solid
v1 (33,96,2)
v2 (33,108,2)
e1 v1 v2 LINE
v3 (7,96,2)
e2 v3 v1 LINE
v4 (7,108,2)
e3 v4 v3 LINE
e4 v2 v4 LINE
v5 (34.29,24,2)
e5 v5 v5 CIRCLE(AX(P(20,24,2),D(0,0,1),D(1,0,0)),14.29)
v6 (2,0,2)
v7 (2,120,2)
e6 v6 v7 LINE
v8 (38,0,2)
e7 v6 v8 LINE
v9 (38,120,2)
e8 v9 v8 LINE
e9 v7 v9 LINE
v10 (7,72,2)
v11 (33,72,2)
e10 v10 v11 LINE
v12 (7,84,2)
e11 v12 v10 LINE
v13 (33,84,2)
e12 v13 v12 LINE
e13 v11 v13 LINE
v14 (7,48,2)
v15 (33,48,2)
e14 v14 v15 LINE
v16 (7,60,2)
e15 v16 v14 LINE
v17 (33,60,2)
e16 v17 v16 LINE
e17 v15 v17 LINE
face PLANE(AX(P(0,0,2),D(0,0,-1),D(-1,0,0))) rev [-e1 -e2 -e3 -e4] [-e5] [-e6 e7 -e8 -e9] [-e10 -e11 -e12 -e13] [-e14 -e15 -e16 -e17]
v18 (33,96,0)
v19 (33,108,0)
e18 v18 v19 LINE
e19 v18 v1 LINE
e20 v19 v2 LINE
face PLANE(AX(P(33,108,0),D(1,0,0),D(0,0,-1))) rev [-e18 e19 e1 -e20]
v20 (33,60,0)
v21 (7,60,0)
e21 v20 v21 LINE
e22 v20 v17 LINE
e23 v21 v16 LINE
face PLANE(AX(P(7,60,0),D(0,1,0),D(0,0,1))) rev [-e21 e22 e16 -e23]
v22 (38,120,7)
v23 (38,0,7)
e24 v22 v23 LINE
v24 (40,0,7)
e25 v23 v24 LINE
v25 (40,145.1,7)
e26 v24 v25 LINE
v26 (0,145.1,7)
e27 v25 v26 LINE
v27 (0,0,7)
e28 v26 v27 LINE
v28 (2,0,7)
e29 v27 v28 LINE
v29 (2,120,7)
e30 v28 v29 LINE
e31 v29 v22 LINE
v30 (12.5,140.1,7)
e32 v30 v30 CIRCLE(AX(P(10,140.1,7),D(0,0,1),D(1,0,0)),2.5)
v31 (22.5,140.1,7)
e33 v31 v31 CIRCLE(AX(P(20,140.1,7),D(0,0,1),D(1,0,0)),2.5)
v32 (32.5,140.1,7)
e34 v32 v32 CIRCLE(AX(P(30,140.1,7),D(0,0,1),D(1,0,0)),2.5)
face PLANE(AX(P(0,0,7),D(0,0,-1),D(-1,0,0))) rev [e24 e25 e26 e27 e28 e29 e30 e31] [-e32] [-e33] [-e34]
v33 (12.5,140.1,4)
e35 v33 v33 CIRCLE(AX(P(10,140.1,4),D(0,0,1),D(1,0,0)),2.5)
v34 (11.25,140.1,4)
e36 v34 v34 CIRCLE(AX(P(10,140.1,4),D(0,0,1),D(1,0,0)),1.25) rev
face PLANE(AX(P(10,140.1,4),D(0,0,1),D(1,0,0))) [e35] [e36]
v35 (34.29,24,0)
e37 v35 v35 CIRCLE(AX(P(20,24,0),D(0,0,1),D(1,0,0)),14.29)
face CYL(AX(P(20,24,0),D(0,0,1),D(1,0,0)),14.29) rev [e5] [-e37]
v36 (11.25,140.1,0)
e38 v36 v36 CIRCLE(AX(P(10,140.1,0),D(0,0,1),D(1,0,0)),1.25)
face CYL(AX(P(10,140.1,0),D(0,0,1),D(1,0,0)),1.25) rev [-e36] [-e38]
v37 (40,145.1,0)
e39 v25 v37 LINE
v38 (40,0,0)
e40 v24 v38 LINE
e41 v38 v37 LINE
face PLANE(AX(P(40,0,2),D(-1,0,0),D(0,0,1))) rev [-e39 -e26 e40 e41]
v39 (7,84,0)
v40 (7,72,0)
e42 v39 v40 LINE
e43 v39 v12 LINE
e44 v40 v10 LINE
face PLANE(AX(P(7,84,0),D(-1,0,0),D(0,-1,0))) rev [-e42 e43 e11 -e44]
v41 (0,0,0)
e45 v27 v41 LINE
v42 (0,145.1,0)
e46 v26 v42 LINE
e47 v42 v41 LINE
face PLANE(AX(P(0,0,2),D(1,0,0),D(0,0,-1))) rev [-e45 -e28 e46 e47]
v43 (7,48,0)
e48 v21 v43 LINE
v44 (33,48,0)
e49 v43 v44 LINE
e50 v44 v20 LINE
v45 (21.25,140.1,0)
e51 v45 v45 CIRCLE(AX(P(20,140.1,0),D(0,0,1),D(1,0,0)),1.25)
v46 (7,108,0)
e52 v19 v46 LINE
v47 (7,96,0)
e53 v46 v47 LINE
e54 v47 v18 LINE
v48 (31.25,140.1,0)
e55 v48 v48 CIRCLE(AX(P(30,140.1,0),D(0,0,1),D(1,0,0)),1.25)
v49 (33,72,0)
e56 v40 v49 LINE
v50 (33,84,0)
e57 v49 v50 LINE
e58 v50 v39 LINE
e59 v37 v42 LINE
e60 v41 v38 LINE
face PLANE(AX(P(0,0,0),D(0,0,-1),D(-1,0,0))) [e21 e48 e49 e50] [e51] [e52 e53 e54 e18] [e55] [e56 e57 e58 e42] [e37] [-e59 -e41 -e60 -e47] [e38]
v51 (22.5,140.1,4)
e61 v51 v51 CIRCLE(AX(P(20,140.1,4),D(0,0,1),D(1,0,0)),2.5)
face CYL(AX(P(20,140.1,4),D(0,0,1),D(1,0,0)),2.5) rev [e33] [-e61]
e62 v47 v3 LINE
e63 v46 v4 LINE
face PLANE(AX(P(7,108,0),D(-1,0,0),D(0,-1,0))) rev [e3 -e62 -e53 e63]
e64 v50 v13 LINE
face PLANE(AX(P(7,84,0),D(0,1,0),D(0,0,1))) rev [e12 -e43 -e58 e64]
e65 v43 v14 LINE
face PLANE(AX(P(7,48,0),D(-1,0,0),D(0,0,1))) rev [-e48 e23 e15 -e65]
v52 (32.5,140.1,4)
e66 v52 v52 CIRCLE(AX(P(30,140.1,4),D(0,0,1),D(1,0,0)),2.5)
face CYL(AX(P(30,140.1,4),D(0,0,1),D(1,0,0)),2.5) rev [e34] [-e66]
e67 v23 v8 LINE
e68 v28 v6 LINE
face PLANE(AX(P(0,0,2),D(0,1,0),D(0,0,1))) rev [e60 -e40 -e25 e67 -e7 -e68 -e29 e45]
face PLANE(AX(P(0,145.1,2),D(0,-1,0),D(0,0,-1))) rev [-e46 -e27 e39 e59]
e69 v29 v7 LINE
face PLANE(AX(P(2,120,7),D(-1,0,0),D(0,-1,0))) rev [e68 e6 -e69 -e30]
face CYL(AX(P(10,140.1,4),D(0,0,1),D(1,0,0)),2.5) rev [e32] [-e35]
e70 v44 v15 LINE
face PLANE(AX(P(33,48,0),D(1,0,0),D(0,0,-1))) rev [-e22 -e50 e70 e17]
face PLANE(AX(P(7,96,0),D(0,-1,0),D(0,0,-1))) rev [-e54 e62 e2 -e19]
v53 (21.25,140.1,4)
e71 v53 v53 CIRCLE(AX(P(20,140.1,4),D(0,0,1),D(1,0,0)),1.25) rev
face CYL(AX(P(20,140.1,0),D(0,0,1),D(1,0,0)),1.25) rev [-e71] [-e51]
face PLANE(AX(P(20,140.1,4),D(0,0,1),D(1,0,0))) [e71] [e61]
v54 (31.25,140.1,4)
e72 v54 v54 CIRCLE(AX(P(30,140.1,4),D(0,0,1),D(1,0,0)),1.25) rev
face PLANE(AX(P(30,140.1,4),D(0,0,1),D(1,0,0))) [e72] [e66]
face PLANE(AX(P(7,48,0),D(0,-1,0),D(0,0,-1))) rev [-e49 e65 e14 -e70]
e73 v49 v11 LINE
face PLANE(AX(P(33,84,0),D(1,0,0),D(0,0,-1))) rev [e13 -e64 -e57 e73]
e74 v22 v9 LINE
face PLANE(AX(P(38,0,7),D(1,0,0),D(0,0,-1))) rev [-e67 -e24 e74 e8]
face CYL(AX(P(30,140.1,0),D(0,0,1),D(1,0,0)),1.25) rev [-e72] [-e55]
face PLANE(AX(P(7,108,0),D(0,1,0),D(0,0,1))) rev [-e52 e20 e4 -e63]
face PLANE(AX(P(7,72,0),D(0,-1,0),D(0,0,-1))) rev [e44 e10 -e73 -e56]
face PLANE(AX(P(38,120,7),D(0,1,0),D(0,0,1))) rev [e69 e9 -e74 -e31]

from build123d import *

# Parameters (mm, degrees)
SKETCH1_W           = 40
SKETCH1_H           = 145.1
BOSS_EXTRUDE1_DEPTH = 2
SKETCH2_R           = 14.29
CUT_EXTRUDE1_DEPTH  = 2
BOSS_EXTRUDE2_DEPTH = 5
SKETCH4_R           = 1.25
CUT_EXTRUDE2_DEPTH  = 7
SKETCH5_R           = 2.5
CUT_EXTRUDE3_DEPTH  = 3
SKETCH6_W           = 26
SKETCH6_H           = 12
CUT_EXTRUDE4_DEPTH  = 3


with BuildPart() as part:
    # Sketch1 → Boss-Extrude1 (new body)
    with BuildSketch(Plane.XY):
        with Locations((20, 72.55)):
            Rectangle(SKETCH1_W, SKETCH1_H)
    extrude(amount=BOSS_EXTRUDE1_DEPTH)

    # Sketch2 → Cut-Extrude1 (cut)
    with BuildSketch(Plane.XY.offset(2)):
        with Locations((20, 24)):
            Circle(SKETCH2_R)
    extrude(amount=-CUT_EXTRUDE1_DEPTH, mode=Mode.SUBTRACT)

    # Sketch3 → Boss-Extrude2 (add)
    with BuildSketch(Plane.XY.offset(2)):
        Polygon((0, 145.1), (40, 145.1), (40, 0), (38, 0), (38, 120), (2, 120), (2, 0), (0, 0), align=None)
    extrude(amount=BOSS_EXTRUDE2_DEPTH)

    # Sketch4 → Cut-Extrude2 (cut)
    with BuildSketch(Plane.XY.offset(7)):
        with Locations((20, 140.1)):
            Circle(SKETCH4_R)
        with Locations((10, 140.1)):
            Circle(SKETCH4_R)
        with Locations((30, 140.1)):
            Circle(SKETCH4_R)
    extrude(amount=-CUT_EXTRUDE2_DEPTH, mode=Mode.SUBTRACT)

    # Sketch5 → Cut-Extrude3 (cut)
    with BuildSketch(Plane.XY.offset(7)):
        with Locations((10, 140.1)):
            Circle(SKETCH5_R)
        with Locations((20, 140.1)):
            Circle(SKETCH5_R)
        with Locations((30, 140.1)):
            Circle(SKETCH5_R)
    extrude(amount=-CUT_EXTRUDE3_DEPTH, mode=Mode.SUBTRACT)

    # Sketch6 → Cut-Extrude4 (cut, through all)
    with BuildSketch(Plane.XY.offset(2)):
        with Locations((20, 102)):
            Rectangle(SKETCH6_W, SKETCH6_H)
        with Locations((20, 78)):
            Rectangle(SKETCH6_W, SKETCH6_H)
        with Locations((20, 54)):
            Rectangle(SKETCH6_W, SKETCH6_H)
    extrude(amount=-CUT_EXTRUDE4_DEPTH, mode=Mode.SUBTRACT)


solid = part.part
